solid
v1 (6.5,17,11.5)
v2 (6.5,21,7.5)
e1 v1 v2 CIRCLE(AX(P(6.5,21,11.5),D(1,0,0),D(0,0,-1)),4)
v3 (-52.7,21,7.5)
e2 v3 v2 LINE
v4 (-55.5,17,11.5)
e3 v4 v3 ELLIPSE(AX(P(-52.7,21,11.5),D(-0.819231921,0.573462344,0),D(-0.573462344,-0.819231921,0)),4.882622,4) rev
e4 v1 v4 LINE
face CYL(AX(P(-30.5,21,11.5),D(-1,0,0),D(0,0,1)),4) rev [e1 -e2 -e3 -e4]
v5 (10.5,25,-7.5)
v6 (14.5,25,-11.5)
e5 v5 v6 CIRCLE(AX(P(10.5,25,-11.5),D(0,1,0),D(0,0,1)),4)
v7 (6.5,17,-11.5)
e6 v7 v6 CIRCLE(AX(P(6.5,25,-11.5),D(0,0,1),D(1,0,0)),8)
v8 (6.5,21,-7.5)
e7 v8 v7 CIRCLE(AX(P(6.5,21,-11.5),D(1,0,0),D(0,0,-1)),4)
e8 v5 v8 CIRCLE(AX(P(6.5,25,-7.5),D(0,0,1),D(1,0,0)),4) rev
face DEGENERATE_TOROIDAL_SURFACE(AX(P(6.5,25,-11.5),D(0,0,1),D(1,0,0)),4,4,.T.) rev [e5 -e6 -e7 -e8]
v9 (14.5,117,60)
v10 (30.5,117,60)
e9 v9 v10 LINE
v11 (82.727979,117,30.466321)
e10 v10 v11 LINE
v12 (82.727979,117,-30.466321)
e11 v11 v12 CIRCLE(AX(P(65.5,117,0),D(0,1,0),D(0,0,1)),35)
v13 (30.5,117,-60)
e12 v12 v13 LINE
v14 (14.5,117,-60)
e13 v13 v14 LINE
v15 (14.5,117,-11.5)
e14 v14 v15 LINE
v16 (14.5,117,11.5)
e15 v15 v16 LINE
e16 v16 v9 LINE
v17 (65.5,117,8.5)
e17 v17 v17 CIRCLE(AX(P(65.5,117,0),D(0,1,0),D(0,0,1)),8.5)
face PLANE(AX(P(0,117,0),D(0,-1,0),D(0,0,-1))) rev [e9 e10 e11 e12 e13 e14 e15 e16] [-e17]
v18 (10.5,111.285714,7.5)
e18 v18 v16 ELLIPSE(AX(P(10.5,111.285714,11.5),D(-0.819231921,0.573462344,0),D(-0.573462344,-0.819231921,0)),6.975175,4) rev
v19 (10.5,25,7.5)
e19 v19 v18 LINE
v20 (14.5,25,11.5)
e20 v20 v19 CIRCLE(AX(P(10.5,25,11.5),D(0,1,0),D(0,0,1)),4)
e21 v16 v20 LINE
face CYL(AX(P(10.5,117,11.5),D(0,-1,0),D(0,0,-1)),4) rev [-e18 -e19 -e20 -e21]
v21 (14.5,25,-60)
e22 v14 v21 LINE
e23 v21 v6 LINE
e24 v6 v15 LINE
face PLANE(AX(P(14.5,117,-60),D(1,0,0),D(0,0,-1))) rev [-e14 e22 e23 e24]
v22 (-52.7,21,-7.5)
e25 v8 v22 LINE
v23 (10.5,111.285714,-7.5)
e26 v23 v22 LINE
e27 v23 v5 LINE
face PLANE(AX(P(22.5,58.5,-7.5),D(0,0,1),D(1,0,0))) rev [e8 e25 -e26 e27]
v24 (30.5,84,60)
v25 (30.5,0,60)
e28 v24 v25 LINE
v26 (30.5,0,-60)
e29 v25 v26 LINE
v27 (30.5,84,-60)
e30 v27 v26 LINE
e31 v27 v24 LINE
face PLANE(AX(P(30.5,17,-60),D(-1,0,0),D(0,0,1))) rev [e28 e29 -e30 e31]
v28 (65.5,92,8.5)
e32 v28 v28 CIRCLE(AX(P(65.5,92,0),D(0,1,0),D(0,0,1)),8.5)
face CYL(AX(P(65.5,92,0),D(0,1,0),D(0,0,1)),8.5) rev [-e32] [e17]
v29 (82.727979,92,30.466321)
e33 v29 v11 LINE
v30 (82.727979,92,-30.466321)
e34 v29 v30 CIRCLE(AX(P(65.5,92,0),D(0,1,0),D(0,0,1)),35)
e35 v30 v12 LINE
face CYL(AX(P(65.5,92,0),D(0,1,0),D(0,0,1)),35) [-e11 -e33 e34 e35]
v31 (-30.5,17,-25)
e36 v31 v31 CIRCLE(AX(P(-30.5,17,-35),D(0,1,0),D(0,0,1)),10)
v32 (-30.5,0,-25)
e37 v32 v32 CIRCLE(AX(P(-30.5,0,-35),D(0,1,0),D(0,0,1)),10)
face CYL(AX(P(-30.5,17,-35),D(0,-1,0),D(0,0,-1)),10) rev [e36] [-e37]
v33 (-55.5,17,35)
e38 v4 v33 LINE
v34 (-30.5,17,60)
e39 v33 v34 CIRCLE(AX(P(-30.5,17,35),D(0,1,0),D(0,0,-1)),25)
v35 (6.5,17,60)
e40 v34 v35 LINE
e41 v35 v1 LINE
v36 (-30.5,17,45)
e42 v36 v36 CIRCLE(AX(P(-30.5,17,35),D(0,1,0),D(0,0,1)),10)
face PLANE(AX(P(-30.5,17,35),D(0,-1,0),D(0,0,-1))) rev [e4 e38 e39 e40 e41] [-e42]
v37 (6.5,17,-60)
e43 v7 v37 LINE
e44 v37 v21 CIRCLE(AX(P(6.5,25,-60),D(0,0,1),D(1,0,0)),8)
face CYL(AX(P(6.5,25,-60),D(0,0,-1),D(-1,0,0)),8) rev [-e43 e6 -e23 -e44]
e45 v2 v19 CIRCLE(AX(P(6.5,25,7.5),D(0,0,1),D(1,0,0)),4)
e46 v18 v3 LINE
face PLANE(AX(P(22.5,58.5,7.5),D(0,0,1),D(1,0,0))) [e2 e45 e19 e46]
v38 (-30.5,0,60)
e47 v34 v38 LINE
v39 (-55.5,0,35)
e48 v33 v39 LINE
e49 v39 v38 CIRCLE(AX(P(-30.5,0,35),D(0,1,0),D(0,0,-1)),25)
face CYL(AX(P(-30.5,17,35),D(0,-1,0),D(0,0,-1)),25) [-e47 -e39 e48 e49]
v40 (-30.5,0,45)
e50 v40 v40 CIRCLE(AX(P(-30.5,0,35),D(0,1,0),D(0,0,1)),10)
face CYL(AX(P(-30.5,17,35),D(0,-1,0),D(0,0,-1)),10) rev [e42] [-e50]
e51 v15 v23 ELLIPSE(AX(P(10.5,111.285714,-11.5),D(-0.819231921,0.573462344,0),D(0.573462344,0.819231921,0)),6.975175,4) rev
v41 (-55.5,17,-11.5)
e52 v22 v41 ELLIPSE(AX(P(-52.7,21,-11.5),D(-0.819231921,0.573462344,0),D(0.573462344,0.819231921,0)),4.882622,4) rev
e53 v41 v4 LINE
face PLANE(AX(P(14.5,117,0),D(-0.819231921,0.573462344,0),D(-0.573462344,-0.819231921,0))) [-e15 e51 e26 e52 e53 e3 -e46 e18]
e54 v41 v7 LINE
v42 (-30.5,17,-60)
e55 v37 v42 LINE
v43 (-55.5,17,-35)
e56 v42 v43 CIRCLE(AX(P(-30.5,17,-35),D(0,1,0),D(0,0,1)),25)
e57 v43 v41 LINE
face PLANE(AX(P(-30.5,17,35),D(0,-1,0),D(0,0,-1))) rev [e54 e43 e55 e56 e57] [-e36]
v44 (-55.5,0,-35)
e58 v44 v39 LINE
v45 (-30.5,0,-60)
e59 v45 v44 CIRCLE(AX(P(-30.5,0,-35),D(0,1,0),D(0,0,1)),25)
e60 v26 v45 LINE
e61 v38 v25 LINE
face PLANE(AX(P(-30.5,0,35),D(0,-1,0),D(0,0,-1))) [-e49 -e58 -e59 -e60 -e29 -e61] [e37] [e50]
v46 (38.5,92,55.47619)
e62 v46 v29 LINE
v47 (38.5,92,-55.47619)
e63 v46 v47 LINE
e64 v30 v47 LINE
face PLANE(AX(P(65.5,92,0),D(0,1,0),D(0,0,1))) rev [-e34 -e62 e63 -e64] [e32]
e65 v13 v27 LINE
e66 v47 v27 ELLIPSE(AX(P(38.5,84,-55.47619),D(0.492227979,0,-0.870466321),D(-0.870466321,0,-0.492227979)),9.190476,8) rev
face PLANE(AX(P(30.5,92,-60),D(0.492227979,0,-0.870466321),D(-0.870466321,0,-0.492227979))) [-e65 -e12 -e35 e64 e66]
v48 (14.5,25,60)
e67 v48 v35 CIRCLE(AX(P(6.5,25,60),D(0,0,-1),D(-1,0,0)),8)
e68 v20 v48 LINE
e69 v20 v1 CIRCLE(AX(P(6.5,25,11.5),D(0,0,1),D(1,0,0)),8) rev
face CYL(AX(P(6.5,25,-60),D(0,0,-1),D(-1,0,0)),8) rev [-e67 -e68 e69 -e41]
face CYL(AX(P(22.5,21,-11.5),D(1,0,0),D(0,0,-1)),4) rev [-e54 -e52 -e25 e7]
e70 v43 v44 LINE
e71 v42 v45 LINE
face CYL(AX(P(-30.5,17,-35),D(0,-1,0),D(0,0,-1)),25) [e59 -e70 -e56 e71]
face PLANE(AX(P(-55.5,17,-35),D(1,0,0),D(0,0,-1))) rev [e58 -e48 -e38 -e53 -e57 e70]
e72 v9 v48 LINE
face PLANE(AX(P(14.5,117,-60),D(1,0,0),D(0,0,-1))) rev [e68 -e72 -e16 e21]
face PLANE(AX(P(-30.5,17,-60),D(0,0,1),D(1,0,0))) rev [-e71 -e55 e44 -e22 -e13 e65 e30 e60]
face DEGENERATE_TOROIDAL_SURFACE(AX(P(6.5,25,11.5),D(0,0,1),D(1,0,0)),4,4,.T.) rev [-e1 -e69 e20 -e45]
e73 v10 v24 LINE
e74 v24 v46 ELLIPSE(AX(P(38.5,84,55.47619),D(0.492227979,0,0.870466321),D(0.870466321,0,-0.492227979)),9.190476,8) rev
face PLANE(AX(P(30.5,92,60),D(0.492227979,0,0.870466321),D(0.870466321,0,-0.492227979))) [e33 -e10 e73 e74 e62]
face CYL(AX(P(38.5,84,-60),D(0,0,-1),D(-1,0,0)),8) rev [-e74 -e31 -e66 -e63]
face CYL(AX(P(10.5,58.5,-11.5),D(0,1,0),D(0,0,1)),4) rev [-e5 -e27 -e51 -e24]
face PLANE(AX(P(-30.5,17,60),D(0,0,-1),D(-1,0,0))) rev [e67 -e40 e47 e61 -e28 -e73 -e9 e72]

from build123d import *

# Parameters (mm, degrees)
SKETCH1_R           = 10
BOSS_EXTRUDE1_DEPTH = 17
SKETCH2_W           = 16
SKETCH2_H           = 120
BOSS_EXTRUDE2_DEPTH = 100
FILLET1_R           = 8
SKETCH3_R           = 8.5
BOSS_EXTRUDE3_DEPTH = 25
RIB2_REACH          = 167.497
SKETCH6_WALL_W      = 455.059513806
SKETCH6_WALL_H      = 15
FILLET2_R           = 4
FILLET3_R           = 8


with BuildPart() as part:
    # Sketch1 → Boss-Extrude1 (new body)
    with BuildSketch(Plane(origin=(0, 0, 0), x_dir=(1, 0, 0), z_dir=(0, 1, 0))):
        with BuildLine():
            Line((-30.5, 60), (30.5, 60))
            Line((30.5, 60), (30.5, -60))
            Line((30.5, -60), (-30.5, -60))
            ThreePointArc((-30.5, -60), (-48.17766953, -52.67766953), (-55.5, -35))
            Line((-55.5, -35), (-55.5, 35))
            ThreePointArc((-55.5, 35), (-48.17766953, 52.67766953), (-30.5, 60))
        make_face()
        with Locations(Location((-30.5, 35, 0), (0, 0, 270))):
            Circle(SKETCH1_R, mode=Mode.SUBTRACT)
        with Locations(Location((-30.5, -35, 0), (0, 0, 270))):
            Circle(SKETCH1_R, mode=Mode.SUBTRACT)
    extrude(amount=BOSS_EXTRUDE1_DEPTH)

    # Sketch2 → Boss-Extrude2 (add)
    with BuildSketch(Plane(origin=(0, 17, 0), x_dir=(1, 0, 0), z_dir=(0, 1, 0))):
        with Locations((22.5, 0)):
            Rectangle(SKETCH2_W, SKETCH2_H)
    extrude(amount=BOSS_EXTRUDE2_DEPTH)

    # Fillet1
    fillet1_edges = [part.edges().sort_by_distance(p)[0] for p in [
        (14.5, 17, 0),
    ]]
    fillet(fillet1_edges, radius=FILLET1_R)

    # Sketch3 → Boss-Extrude3 (add)
    with BuildSketch(Plane(origin=(0, 117, 0), x_dir=(1, 0, 0), z_dir=(0, 1, 0))):
        with BuildLine():
            Line((30.5, 60), (82.727979275, 30.466321244))
            ThreePointArc((82.727979275, 30.466321244), (100.5, 0), (82.727979275, -30.466321244))
            Line((82.727979275, -30.466321244), (30.5, -60))
            Line((30.5, -60), (30.5, 60))
        make_face()
        with Locations(Location((65.5, 0, 0), (0, 0, 270))):
            Circle(SKETCH3_R, mode=Mode.SUBTRACT)
    extrude(amount=-BOSS_EXTRUDE3_DEPTH)

    # Sketch6 wall → Rib2 (add, up to next)
    with BuildSketch(Plane(origin=(-20.5, 67, 0), x_dir=(-0.573462344363, -0.819231920519, 0), z_dir=(0.819231920519, -0.573462344363, 0)), mode=Mode.PRIVATE) as rib2_sk1:
        Rectangle(SKETCH6_WALL_W, SKETCH6_WALL_H)
    rib2_tool1 = extrude(rib2_sk1.sketch, amount=RIB2_REACH, mode=Mode.PRIVATE) - part.part
    add(rib2_tool1.solids().sort_by_distance((-20.5, 67, 0))[0])

    # Fillet2
    fillet2_edges = [part.edges().sort_by_distance(p)[0] for p in [
        (12.156854249, 19.343145751, -7.5),
        (-24.5, 17, -7.5),
        (14.5, 71, -7.5),
        (12.156854249, 19.343145751, 7.5),
        (-24.5, 17, 7.5),
        (14.5, 71, 7.5),
    ]]
    fillet(fillet2_edges, radius=FILLET2_R)

    # Fillet3
    fillet3_edges = [part.edges().sort_by_distance(p)[0] for p in [
        (30.5, 92, 0),
    ]]
    fillet(fillet3_edges, radius=FILLET3_R)


solid = part.part
